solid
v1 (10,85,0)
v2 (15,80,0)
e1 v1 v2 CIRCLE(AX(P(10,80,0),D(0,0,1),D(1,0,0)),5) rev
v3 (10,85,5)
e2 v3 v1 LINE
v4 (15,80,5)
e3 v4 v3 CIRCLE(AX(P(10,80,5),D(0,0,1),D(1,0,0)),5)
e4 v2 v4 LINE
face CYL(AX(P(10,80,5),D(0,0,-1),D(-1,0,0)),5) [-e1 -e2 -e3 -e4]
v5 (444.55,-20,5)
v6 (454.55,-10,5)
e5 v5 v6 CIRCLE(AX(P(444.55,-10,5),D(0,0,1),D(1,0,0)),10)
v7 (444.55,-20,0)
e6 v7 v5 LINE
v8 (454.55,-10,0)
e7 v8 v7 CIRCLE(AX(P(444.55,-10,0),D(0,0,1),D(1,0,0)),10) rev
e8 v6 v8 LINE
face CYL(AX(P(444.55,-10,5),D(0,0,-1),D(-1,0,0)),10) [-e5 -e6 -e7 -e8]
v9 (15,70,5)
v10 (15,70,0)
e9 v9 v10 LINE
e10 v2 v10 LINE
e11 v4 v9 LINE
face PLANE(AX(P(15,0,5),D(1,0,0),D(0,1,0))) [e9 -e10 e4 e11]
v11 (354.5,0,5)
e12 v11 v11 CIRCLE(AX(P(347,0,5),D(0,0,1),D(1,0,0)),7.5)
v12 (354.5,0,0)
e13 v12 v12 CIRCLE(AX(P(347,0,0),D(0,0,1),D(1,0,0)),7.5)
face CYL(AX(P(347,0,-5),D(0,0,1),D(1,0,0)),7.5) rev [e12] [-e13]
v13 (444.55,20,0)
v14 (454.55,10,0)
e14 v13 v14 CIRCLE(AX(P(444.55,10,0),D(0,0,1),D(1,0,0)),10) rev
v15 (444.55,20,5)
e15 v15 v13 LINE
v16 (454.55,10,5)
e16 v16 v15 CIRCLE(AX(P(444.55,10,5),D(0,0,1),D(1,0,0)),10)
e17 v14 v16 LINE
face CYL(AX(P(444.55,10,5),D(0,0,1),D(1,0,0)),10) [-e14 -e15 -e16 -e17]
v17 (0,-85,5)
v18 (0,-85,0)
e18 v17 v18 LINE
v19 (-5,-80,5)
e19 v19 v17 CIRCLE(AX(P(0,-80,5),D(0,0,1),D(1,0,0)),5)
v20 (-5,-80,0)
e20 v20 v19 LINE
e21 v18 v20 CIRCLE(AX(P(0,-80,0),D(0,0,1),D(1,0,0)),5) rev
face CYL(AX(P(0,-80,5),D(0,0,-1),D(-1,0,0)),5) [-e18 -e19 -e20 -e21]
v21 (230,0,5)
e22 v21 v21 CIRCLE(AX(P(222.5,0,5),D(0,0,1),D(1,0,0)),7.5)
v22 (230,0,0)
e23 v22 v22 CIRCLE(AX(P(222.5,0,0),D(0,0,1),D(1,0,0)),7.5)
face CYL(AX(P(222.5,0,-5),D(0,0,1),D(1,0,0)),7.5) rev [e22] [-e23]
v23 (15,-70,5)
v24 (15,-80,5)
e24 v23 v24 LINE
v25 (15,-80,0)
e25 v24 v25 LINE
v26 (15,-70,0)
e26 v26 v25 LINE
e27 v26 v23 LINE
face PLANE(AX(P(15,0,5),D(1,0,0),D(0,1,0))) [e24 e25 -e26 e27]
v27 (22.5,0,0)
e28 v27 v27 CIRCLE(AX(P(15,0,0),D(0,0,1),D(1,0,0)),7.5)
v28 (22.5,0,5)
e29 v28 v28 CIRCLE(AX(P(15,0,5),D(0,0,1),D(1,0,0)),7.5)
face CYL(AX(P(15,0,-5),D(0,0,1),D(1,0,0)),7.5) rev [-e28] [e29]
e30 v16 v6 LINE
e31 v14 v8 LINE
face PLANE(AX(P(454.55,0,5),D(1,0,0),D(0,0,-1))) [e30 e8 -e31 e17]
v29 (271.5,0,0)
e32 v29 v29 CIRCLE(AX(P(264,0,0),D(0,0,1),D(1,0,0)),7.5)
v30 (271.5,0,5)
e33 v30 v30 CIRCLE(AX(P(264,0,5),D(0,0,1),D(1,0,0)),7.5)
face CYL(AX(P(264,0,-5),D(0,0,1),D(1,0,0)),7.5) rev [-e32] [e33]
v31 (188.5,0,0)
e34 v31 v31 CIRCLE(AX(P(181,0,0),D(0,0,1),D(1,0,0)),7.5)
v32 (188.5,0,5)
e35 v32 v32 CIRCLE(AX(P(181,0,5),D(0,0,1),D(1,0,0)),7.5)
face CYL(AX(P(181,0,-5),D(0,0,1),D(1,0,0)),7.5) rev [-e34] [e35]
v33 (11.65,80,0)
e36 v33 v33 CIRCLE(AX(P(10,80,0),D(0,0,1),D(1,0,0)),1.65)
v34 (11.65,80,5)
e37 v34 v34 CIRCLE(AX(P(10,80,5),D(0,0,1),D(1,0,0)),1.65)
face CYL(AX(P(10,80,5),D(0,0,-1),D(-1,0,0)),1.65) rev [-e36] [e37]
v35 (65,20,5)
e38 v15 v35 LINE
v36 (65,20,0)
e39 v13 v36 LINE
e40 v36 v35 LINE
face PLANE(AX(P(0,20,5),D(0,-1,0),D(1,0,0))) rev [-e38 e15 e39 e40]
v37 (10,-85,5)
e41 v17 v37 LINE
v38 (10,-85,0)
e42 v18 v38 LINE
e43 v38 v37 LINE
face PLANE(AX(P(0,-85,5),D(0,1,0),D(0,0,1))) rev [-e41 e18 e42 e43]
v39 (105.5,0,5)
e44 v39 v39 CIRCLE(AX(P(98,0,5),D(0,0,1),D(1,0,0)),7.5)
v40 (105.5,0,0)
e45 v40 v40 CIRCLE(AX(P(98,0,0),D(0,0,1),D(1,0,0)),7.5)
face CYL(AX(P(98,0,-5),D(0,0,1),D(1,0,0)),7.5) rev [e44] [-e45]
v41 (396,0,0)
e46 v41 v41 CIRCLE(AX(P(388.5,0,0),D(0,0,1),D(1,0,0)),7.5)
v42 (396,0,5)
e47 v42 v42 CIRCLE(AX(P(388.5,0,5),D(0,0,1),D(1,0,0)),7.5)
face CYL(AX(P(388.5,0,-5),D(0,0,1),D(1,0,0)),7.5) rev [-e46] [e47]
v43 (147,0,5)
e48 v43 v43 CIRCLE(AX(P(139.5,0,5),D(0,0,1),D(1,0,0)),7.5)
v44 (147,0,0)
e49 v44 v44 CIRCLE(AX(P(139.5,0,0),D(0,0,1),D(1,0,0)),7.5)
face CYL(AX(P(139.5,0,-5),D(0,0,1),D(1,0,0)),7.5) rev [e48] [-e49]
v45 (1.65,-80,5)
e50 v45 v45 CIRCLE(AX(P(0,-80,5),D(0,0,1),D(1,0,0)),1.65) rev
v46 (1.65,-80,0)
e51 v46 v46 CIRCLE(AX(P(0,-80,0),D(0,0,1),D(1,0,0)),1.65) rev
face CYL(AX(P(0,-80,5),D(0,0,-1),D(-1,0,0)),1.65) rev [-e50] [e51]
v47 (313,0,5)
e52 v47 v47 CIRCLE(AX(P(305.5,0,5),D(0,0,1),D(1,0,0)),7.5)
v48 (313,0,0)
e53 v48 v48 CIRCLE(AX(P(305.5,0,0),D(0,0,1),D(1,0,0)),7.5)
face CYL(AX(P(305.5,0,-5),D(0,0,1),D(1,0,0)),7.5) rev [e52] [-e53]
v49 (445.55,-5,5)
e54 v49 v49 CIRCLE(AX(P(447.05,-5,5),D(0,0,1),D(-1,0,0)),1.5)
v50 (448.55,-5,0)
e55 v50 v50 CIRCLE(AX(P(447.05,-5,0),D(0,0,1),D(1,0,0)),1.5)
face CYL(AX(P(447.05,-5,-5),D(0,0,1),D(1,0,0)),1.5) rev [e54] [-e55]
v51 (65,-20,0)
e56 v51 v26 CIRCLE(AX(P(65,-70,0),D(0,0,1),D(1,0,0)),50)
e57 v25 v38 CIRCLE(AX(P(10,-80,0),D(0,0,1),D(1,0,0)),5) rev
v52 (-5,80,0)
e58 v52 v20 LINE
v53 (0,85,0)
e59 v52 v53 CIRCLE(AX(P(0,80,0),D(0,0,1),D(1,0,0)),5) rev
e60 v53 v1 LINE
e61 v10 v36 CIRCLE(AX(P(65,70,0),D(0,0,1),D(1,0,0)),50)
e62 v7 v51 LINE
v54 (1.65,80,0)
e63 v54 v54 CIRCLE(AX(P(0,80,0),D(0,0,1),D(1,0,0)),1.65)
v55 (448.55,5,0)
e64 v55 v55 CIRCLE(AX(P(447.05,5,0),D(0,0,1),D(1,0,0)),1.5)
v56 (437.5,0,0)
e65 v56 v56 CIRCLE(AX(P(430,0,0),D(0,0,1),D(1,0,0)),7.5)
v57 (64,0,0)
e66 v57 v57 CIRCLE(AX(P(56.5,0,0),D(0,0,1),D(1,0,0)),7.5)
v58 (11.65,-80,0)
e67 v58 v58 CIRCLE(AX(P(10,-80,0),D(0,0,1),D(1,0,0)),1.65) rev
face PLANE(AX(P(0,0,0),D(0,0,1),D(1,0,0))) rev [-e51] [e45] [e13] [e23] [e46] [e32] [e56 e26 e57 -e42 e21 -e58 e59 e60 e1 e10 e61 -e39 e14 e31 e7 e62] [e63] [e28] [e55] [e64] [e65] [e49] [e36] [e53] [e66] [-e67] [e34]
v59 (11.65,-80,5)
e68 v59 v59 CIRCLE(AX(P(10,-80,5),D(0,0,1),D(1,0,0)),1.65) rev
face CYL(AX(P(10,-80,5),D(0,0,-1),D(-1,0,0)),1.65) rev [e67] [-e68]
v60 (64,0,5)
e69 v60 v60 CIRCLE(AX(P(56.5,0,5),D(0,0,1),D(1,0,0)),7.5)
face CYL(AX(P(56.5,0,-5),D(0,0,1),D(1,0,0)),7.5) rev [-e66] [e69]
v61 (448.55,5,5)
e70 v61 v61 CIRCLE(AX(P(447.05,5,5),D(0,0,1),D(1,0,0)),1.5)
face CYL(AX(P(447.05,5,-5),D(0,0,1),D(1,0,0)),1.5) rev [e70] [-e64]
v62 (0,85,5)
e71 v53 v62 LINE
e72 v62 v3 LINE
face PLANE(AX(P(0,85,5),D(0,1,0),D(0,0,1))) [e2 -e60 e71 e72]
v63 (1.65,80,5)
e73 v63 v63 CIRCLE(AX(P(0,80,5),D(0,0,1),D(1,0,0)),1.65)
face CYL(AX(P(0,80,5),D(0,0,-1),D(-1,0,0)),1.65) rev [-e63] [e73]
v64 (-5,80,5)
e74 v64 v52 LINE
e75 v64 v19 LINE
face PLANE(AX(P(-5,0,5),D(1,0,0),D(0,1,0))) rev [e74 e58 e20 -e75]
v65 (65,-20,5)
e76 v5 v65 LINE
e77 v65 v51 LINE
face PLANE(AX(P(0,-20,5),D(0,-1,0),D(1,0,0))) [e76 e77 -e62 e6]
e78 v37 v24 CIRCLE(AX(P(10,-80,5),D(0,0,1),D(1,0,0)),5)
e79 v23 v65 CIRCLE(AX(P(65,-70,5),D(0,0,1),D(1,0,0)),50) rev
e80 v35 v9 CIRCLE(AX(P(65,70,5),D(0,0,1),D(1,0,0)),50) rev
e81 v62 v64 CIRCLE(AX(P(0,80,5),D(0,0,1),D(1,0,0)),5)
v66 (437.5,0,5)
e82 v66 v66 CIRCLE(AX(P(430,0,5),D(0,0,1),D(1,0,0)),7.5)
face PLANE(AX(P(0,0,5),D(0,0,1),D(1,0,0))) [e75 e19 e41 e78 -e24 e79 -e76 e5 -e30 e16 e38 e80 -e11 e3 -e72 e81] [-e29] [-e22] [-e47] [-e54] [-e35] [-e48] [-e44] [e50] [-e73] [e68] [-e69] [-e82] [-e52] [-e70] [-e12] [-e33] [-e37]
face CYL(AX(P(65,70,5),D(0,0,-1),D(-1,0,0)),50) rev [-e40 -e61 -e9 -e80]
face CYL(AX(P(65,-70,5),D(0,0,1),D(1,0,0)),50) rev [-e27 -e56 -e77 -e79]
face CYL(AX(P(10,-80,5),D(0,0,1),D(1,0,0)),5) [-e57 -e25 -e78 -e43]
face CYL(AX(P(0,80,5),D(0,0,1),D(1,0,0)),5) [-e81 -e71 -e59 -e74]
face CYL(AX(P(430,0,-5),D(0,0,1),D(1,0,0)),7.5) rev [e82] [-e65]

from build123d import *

# Parameters (mm, degrees)
SKETCH_1_W          = 439.55
SKETCH_1_H          = 20
SKETCH_1_W_2        = 20
SKETCH_1_H_2        = 170
SKETCH_1_R          = 1.65
EXTRUDE_1_DEPTH     = 5
FILLET_1_R          = 50
FILLET_2_R          = 5
SKETCH_2_R          = 1.5
CUT_EXTRUDE_1_DEPTH = 10
FILLET_3_R          = 10
SKETCH_3_R          = 7.5
CUT_EXTRUDE_2_DEPTH = 10


with BuildPart() as part:
    # ｽｹｯﾁ1 → ﾎﾞｽ - 押し出し1 (new body)
    # profile 1 of 3: a face of its own
    with BuildSketch(Plane.XY):
        with Locations((234.775, 10)):
            Rectangle(SKETCH_1_W, SKETCH_1_H)
    # profile 2 of 3: a face of its own
    with BuildSketch(Plane.XY):
        with Locations((234.775, -10)):
            Rectangle(SKETCH_1_W, SKETCH_1_H)
    # profile 3 of 3: a face of its own
    with BuildSketch(Plane.XY):
        with Locations((5, 0)):
            Rectangle(SKETCH_1_W_2, SKETCH_1_H_2)
        with Locations((10, -80)):
            Circle(SKETCH_1_R, mode=Mode.SUBTRACT)
        with Locations((10, 80)):
            Circle(SKETCH_1_R, mode=Mode.SUBTRACT)
        with Locations((0, 80)):
            Circle(SKETCH_1_R, mode=Mode.SUBTRACT)
        with Locations((0, -80)):
            Circle(SKETCH_1_R, mode=Mode.SUBTRACT)
    extrude(amount=EXTRUDE_1_DEPTH)

    # ﾌｨﾚｯﾄ1
    fillet_1_edges = [part.edges().sort_by_distance(p)[0] for p in [
        (15, 20, 2.5),
        (15, -20, 2.5),
    ]]
    fillet(fillet_1_edges, radius=FILLET_1_R)

    # ﾌｨﾚｯﾄ2
    fillet_2_edges = [part.edges().sort_by_distance(p)[0] for p in [
        (15, -85, 2.5),
        (-5, -85, 2.5),
        (-5, 85, 2.5),
        (15, 85, 2.5),
    ]]
    fillet(fillet_2_edges, radius=FILLET_2_R)

    # ｽｹｯﾁ2 → ｶｯﾄ - 押し出し1 (cut)
    with BuildSketch(Plane.XY.offset(5)):
        with Locations((447.05, 5)):
            Circle(SKETCH_2_R)
        with Locations((447.05, -5)):
            Circle(SKETCH_2_R)
    extrude(amount=-CUT_EXTRUDE_1_DEPTH, mode=Mode.SUBTRACT)

    # ﾌｨﾚｯﾄ3
    fillet_3_edges = [part.edges().sort_by_distance(p)[0] for p in [
        (454.55, 20, 2.5),
        (454.55, -20, 2.5),
    ]]
    fillet(fillet_3_edges, radius=FILLET_3_R)

    # ｽｹｯﾁ3 → ｶｯﾄ - 押し出し2 (cut)
    with BuildSketch(Plane.XY.offset(5)):
        with Locations((15, 0)):
            Circle(SKETCH_3_R)
        with Locations((56.5, 0)):
            Circle(SKETCH_3_R)
        with Locations((98, 0)):
            Circle(SKETCH_3_R)
        with Locations((139.5, 0)):
            Circle(SKETCH_3_R)
        with Locations((181, 0)):
            Circle(SKETCH_3_R)
        with Locations((222.5, 0)):
            Circle(SKETCH_3_R)
        with Locations((264, 0)):
            Circle(SKETCH_3_R)
        with Locations((305.5, 0)):
            Circle(SKETCH_3_R)
        with Locations((347, 0)):
            Circle(SKETCH_3_R)
        with Locations((388.5, 0)):
            Circle(SKETCH_3_R)
        with Locations((430, 0)):
            Circle(SKETCH_3_R)
    extrude(amount=-CUT_EXTRUDE_2_DEPTH, mode=Mode.SUBTRACT)


solid = part.part
